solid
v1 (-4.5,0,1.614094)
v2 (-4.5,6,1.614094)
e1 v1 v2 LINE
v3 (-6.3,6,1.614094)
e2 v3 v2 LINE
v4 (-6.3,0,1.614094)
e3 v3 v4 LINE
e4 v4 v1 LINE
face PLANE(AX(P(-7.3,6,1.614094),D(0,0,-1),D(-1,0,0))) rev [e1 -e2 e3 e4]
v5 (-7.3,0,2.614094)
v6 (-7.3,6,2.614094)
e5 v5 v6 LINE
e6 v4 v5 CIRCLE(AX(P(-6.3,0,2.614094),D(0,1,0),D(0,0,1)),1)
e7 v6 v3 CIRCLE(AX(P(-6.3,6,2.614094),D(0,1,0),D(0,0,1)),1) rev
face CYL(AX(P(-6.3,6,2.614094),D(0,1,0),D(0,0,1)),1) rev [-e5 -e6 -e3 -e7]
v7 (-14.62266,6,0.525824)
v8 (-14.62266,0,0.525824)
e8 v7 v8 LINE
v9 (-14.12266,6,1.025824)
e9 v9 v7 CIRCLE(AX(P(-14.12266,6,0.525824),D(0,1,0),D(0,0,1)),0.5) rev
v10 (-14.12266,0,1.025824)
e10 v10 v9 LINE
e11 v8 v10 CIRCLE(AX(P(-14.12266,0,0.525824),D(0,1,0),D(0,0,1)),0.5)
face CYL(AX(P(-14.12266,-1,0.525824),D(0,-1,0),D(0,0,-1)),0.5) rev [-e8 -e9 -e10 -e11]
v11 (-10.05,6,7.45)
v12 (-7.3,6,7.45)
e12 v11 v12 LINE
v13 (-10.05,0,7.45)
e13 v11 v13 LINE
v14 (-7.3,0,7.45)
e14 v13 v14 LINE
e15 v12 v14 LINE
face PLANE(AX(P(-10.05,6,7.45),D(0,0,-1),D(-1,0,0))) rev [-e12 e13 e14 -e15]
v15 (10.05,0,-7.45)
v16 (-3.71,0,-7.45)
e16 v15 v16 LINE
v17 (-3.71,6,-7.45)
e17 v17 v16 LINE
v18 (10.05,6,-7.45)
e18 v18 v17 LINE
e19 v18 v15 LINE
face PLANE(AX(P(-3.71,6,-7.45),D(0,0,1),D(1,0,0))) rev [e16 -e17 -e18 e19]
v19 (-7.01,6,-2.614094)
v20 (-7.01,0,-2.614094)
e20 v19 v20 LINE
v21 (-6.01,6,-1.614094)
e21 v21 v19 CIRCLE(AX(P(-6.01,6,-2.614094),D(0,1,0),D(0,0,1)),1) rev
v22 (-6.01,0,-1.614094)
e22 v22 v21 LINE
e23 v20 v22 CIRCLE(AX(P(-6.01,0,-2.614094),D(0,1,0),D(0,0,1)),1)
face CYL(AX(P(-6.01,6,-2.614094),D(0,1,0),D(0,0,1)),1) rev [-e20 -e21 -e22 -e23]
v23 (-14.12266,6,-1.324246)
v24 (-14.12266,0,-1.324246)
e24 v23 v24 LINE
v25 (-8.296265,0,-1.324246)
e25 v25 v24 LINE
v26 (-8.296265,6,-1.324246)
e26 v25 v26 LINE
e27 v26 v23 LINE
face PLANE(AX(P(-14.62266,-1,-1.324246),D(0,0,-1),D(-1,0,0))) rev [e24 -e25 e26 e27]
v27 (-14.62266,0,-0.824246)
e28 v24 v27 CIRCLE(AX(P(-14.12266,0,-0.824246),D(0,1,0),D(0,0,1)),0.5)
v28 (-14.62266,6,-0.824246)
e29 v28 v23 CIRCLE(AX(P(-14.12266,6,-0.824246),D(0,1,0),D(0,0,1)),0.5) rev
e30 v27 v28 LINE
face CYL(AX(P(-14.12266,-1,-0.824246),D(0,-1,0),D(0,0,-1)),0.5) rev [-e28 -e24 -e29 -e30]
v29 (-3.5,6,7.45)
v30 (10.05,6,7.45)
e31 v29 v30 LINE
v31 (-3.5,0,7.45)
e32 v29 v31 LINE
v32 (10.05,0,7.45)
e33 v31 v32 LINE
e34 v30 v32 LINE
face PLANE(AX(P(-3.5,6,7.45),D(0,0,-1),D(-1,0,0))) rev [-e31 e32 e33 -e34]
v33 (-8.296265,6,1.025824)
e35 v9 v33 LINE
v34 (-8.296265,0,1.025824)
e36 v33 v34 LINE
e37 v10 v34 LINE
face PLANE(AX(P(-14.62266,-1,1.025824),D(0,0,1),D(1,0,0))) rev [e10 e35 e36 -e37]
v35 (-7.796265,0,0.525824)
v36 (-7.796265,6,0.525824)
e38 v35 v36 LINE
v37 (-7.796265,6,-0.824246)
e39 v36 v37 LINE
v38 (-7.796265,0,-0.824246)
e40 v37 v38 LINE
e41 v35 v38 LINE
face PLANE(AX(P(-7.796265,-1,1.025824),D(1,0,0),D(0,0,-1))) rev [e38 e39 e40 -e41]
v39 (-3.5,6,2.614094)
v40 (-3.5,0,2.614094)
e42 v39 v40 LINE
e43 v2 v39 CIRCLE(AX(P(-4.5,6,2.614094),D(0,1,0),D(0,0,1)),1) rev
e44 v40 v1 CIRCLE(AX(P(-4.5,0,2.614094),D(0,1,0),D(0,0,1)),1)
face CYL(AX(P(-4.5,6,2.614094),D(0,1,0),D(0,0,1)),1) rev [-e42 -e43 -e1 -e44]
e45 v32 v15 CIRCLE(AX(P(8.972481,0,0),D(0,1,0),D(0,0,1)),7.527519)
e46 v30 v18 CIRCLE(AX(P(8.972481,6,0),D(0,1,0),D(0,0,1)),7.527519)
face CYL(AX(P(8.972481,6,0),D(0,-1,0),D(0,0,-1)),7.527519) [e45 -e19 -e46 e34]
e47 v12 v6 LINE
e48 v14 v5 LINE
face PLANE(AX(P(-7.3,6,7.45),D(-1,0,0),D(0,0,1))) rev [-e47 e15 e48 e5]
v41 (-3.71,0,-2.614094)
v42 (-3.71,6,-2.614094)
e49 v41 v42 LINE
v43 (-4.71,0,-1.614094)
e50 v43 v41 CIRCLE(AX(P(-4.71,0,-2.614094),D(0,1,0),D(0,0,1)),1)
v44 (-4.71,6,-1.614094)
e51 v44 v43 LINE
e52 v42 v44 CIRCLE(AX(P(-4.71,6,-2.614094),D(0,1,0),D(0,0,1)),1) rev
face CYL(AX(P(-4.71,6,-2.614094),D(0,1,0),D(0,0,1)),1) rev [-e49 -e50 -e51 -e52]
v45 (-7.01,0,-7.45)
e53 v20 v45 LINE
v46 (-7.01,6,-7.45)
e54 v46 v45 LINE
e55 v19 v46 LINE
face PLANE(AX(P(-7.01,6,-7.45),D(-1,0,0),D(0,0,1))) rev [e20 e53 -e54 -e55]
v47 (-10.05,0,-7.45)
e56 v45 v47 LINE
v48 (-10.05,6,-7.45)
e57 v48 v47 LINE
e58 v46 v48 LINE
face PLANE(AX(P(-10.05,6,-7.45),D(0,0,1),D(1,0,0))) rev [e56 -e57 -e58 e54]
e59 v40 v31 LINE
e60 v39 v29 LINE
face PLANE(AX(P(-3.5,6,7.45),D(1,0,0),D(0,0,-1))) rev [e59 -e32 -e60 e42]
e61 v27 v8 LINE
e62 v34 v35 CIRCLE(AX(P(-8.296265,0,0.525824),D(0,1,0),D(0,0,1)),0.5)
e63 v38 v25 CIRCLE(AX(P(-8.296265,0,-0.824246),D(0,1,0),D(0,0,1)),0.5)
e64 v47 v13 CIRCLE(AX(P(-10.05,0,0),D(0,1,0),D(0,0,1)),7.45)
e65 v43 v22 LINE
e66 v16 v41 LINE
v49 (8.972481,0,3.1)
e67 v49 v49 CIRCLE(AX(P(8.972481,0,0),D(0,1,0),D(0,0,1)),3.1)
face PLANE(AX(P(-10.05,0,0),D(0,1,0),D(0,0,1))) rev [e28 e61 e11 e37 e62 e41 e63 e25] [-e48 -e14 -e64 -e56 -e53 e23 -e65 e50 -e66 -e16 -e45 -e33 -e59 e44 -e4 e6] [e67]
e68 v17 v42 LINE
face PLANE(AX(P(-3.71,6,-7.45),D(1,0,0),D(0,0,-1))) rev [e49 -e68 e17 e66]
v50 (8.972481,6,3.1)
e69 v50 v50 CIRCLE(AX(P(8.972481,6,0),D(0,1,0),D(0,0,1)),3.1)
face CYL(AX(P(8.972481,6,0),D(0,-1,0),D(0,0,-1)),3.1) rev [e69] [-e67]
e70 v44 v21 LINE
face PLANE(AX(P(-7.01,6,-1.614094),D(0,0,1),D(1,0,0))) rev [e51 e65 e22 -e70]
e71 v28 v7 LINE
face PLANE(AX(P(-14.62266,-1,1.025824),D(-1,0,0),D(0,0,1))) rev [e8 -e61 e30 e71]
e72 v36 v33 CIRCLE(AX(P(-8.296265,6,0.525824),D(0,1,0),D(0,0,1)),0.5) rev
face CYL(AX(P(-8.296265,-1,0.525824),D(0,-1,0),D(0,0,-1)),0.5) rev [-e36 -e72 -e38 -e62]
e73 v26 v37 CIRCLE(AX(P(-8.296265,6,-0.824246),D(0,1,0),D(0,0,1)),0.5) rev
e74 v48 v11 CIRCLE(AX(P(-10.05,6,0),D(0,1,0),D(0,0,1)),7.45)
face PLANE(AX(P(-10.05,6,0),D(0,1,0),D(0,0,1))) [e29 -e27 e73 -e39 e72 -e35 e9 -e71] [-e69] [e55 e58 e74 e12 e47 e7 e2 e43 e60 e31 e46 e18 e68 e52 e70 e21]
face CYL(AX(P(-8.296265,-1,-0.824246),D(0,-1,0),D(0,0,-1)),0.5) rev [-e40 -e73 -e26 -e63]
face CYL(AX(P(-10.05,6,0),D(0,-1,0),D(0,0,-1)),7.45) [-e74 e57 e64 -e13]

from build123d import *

# Parameters (mm, degrees)
CROQUIS1_R              = 3.1
SALIENTE_EXTRUIR1_DEPTH = 6
CROQUIS2_W              = 6.826394781
CROQUIS2_H              = 2.350070334
CORTAR_EXTRUIR1_DEPTH   = 7
REDONDEO1_R             = 1
REDONDEO2_R             = 0.5


with BuildPart() as part:
    # Croquis1 → Saliente-Extruir1 (new body)
    with BuildSketch(Plane(origin=(0, 0, 0), x_dir=(1, 0, 0), z_dir=(0, 1, 0))):
        with BuildLine():
            Line((-10.05, 7.45), (-7.01, 7.45))
            Line((-7.01, 7.45), (-7.01, 1.614093831))
            Line((-7.01, 1.614093831), (-3.71, 1.614093831))
            Line((-3.71, 1.614093831), (-3.71, 7.45))
            Line((-3.71, 7.45), (10.05, 7.45))
            ThreePointArc((10.05, 7.45), (16.5, 0), (10.05, -7.45))
            Line((10.05, -7.45), (-3.5, -7.45))
            Line((-3.5, -7.45), (-3.5, -1.614093831))
            Line((-3.5, -1.614093831), (-7.3, -1.614093831))
            Line((-7.3, -1.614093831), (-7.3, -7.45))
            Line((-7.3, -7.45), (-10.05, -7.45))
            ThreePointArc((-10.05, -7.45), (-17.5, 0), (-10.05, 7.45))
        make_face()
        with Locations((8.97248062, 0)):
            Circle(CROQUIS1_R, mode=Mode.SUBTRACT)
    extrude(amount=SALIENTE_EXTRUIR1_DEPTH)

    # Croquis2 → Cortar-Extruir1 (cut)
    with BuildSketch(Plane(origin=(0, 6, 0), x_dir=(1, 0, 0), z_dir=(0, 1, 0))):
        with Locations((-11.209462468, 0.149210815)):
            Rectangle(CROQUIS2_W, CROQUIS2_H)
    extrude(amount=-CORTAR_EXTRUIR1_DEPTH, mode=Mode.SUBTRACT)

    # Redondeo1
    redondeo1_edges = [part.edges().sort_by_distance(p)[0] for p in [
        (-7.01, 3, -1.614093831),
        (-3.71, 3, -1.614093831),
        (-3.5, 3, 1.614093831),
        (-7.3, 3, 1.614093831),
    ]]
    fillet(redondeo1_edges, radius=REDONDEO1_R)

    # Redondeo2
    redondeo2_edges = [part.edges().sort_by_distance(p)[0] for p in [
        (-7.796265078, 3, -1.324245982),
        (-7.796265078, 3, 1.025824352),
        (-14.622659859, 3, 1.025824352),
        (-14.622659859, 3, -1.324245982),
    ]]
    fillet(redondeo2_edges, radius=REDONDEO2_R)


solid = part.part
